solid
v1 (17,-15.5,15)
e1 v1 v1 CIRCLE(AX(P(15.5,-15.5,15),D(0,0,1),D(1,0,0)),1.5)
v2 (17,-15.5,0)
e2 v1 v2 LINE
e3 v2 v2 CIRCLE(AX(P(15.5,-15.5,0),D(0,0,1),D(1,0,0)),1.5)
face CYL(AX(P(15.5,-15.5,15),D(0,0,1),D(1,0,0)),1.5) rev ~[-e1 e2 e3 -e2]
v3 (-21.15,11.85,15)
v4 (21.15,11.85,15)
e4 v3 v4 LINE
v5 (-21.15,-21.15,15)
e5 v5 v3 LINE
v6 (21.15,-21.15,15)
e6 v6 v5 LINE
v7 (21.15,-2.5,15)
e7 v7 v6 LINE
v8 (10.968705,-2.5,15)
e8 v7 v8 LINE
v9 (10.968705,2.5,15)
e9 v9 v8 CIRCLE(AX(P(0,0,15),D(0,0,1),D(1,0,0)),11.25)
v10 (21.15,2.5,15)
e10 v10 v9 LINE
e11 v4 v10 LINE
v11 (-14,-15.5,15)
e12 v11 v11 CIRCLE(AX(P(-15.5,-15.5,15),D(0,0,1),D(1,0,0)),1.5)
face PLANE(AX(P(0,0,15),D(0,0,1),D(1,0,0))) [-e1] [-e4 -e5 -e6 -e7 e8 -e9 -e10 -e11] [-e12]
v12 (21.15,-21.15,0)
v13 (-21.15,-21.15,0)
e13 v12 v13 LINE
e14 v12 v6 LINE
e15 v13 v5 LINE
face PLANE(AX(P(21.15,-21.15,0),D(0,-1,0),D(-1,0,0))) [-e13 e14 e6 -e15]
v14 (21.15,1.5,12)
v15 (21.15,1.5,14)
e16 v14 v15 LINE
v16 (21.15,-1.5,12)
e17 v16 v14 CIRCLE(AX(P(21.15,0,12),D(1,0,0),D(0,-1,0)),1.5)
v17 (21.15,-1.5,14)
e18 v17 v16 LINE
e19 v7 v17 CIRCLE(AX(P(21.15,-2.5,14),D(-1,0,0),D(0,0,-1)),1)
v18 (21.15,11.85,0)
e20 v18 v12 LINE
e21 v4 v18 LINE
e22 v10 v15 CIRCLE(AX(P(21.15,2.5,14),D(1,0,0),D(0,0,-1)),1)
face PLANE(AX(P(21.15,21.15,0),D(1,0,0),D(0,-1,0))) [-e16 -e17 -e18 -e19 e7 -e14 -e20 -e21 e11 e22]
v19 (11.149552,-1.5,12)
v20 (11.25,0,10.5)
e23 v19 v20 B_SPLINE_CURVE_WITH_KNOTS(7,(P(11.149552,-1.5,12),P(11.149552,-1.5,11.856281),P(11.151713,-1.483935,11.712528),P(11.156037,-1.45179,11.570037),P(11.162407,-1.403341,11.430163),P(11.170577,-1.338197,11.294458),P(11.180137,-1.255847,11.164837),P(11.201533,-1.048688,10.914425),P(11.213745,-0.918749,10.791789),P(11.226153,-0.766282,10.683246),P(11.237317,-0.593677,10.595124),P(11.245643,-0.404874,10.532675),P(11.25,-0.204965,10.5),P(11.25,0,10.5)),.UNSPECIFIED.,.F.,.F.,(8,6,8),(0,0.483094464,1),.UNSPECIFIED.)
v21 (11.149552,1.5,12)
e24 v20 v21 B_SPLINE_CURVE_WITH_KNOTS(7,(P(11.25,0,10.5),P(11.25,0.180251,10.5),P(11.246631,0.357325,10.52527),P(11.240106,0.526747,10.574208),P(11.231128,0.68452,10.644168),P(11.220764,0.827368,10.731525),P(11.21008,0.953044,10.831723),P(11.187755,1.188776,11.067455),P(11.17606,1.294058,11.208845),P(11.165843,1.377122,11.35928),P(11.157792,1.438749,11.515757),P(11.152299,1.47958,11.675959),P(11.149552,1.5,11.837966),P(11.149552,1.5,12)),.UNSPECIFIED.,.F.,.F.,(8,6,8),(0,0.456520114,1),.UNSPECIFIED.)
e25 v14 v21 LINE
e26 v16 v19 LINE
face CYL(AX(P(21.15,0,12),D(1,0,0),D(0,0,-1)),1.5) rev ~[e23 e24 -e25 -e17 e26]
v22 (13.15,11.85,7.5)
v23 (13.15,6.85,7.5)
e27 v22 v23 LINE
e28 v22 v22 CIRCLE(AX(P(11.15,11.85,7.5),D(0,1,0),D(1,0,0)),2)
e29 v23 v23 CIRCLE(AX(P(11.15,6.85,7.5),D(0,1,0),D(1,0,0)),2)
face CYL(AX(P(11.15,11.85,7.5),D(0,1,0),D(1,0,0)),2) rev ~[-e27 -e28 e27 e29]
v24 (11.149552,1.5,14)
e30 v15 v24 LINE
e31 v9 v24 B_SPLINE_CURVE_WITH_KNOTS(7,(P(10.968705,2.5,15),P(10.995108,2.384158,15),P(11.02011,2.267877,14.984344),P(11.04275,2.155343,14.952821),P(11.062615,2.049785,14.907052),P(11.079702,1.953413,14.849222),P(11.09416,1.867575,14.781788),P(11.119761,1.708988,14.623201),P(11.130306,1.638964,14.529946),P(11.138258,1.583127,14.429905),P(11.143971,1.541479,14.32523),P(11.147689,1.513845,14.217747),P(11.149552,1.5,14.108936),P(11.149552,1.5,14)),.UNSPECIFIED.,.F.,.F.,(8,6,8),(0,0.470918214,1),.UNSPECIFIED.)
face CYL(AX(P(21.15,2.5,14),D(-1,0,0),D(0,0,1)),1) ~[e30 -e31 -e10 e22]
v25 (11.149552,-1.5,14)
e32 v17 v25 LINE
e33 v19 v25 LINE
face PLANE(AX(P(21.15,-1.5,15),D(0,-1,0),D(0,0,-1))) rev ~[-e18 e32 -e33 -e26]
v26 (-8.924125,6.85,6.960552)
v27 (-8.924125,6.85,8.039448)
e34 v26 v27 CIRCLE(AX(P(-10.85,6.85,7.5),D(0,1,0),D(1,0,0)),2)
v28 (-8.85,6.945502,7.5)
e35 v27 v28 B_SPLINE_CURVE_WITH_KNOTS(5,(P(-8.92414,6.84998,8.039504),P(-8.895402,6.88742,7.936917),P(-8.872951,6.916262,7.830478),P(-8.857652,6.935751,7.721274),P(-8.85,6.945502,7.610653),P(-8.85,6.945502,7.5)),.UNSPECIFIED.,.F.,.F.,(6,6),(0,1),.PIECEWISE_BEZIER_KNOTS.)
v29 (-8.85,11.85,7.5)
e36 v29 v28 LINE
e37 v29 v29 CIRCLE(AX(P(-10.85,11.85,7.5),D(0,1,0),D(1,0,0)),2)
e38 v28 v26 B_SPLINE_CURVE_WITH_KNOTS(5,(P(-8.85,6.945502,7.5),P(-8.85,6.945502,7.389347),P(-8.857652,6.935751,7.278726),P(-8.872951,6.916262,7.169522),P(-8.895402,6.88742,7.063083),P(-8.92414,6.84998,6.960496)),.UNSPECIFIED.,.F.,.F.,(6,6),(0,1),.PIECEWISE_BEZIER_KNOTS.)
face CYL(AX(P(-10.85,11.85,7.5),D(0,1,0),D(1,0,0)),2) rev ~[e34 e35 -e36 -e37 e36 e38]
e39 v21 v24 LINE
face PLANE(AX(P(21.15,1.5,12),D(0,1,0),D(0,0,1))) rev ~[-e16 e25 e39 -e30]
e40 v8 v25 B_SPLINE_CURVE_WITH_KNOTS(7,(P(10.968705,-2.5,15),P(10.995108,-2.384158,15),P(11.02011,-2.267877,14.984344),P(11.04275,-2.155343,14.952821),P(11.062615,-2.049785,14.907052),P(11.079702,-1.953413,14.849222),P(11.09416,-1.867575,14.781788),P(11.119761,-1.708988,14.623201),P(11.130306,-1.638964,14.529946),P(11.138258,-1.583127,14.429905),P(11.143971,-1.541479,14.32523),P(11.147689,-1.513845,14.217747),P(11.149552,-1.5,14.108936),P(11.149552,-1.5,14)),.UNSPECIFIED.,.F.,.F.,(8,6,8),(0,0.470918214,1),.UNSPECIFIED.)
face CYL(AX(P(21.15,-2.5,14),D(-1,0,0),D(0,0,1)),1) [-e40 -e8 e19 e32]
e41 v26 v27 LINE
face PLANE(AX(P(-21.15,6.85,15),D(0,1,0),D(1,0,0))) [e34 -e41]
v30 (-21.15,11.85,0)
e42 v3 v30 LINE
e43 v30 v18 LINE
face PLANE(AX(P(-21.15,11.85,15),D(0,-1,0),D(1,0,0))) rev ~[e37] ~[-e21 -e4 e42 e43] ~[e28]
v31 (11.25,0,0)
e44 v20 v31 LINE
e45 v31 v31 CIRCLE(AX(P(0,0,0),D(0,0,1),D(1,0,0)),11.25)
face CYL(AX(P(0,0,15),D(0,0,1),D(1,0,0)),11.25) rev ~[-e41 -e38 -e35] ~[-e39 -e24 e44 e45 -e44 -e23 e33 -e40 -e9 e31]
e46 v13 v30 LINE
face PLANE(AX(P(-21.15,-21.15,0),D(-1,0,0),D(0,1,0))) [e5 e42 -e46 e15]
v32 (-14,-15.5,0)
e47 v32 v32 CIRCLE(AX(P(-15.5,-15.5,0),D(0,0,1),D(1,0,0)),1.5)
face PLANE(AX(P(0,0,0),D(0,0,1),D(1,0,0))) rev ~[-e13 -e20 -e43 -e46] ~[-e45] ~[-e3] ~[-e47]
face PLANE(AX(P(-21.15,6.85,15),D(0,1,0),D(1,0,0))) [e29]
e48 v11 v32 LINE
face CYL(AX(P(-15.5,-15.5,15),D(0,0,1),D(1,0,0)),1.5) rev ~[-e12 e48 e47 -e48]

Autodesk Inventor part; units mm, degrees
ref_plane "YZ Plane" through (0, 0, 0) normal (1, 0, 0) x (0, 1, 0)
ref_plane "XZ Plane" through (0, 0, 0) normal (0, 1, 0) x (-1, 0, 0)
ref_plane "XY Plane" through (0, 0, 0) normal (0, 0, 1) x (1, 0, 0)
sketch "Boceto16" plane through (0, 0, 0) normal (0, 0, 1) x (1, 0, 0)
  line L0 (-21.15, 21.15) -> (21.15, 21.15)
  line L1 (21.15, 21.15) -> (21.15, -21.15)
  line L2 (21.15, -21.15) -> (-21.15, -21.15)
  line L3 (-21.15, -21.15) -> (-21.15, 21.15)
  line L4 (2.3235, 0) -> (0, 0)
  line L5 (0, 0) -> (0, 2.4447)
  dimension "d75" = 42.3
  dimension "d76" = 42.3
extrude "Extrusión15" add sketch "Boceto16" along normal blind 15
sketch "Boceto17" plane through (0, 0, 15) normal (0, 0, 1) x (1, 0, 0)
  circle A0 centre (15.5, 15.5) radius 1.5
  point P0 (0, 0)
  dimension "d79" = 3
  dimension "d80" = 15.5
  dimension "d81" = 15.5
extrude "Extrusión16" cut sketch "Boceto17" against normal through all
pattern_linear "Patrón rectangular2" count 2 spacing 31 along (-1, 0, 0) count 2 spacing 31 along (0, -1, 0) of "Extrusión16"
sketch "Boceto18" plane through (0, 0, 15) normal (0, 0, 1) x (1, 0, 0)
  line L0 (-21.15, -21.15) -> (21.15, -21.15) projected
  line L1 (-21.15, 21.15) -> (-21.15, -21.15) projected
  line L2 (21.15, -21.15) -> (-21.15, -21.15)
  line L3 (-21.15, -21.15) -> (-21.15, 11.85)
  line L4 (-21.15, 11.85) -> (21.15, 11.85)
  line L5 (21.15, 11.85) -> (21.15, -21.15)
  circle A0 centre (-15.5, -15.5) radius 1.5 projected
  circle A1 centre (15.5, -15.5) radius 1.5 projected
  circle A2 centre (-15.5, 15.5) radius 1.5 projected
  circle A3 centre (15.5, 15.5) radius 1.5 projected
  line L6 (-21.15, -21.15) -> (21.15, -21.15) projected
  line L7 (21.15, -21.15) -> (21.15, 21.15) projected
  line L8 (21.15, 21.15) -> (-21.15, 21.15) projected
  line L9 (-21.15, 21.15) -> (-21.15, -21.15) projected
  point P0 (0, 0)
  point P1 (21.15, 11.85)
  dimension "d90" = 33
extrude "Extrusión17" cut sketch "Boceto18" against normal through all contours L1 L8 L7 L4
sketch "Boceto19" plane through (0, 0, 15) normal (0, 0, 1) x (1, 0, 0)
  circle A0 centre (0, 0) radius 11.25
  dimension "d93" = 22.5
extrude "Extrusión18" cut sketch "Boceto19" against normal through all
sketch "Boceto20" plane through (21.15, -21.15, 15) normal (1, 0, 0) x (0, 0, -1)
  line L0 (0, 0) -> (0, 33) projected
  circle A0 centre (0, 21.15) radius 1.5
  circle A1 centre (3, 21.15) radius 1.5
  line L1 (15, 33) -> (0, 33) projected
  line L2 (3, 22.65) -> (0, 22.65)
  line L3 (0, 19.65) -> (3, 19.65)
  line L4 (0, 9.9) -> (0, 32.4) projected
  line L5 (3, 21.15) -> (2.4132, 21.15)
  line L6 (15, 21.15) -> (14.0554, 21.15)
  dimension "d99" = 3
  dimension "d102" = 3
  dimension "d103" = 3
extrude "Extrusión19" cut sketch "Boceto20" against normal up to surface contours L0 A0 | A0 A1 L3 | L2 A1 A0 | A1 picked at (0.2169, 21.6005)
fillet "Empalme3" radius 1 2 edges at (16.1498, 1.5, 15) (16.1498, -1.5, 15)
sketch "Boceto21" plane through (-21.15, 11.85, 15) normal (0, 1, 0) x (1, 0, 0)
  circle A0 centre (32.3, 7.5) radius 2
  circle A1 centre (10.3, 7.5) radius 2
  line L0 (0, 15) -> (42.3, 15) projected
  line L1 (42.3, 15) -> (42.3, 0) projected
  line L2 (0, 0) -> (0, 15) projected
  point P0 (21.15, 15)
  dimension "d105" = 4
  dimension "d106" = 4
  dimension "d107" = 7.5
  dimension "d108" = 7.5
  dimension "d111" = 10
  dimension "d115" = 32
extrude "Extrusión20" cut sketch "Boceto21" against normal blind 5
equation "\"d102\" = d99"
equation "\"d106\" = d105"
equation "\"d107\" = d108"
properties part number "Soporte Motor Izq" material "Polietileno, baja densidad"
